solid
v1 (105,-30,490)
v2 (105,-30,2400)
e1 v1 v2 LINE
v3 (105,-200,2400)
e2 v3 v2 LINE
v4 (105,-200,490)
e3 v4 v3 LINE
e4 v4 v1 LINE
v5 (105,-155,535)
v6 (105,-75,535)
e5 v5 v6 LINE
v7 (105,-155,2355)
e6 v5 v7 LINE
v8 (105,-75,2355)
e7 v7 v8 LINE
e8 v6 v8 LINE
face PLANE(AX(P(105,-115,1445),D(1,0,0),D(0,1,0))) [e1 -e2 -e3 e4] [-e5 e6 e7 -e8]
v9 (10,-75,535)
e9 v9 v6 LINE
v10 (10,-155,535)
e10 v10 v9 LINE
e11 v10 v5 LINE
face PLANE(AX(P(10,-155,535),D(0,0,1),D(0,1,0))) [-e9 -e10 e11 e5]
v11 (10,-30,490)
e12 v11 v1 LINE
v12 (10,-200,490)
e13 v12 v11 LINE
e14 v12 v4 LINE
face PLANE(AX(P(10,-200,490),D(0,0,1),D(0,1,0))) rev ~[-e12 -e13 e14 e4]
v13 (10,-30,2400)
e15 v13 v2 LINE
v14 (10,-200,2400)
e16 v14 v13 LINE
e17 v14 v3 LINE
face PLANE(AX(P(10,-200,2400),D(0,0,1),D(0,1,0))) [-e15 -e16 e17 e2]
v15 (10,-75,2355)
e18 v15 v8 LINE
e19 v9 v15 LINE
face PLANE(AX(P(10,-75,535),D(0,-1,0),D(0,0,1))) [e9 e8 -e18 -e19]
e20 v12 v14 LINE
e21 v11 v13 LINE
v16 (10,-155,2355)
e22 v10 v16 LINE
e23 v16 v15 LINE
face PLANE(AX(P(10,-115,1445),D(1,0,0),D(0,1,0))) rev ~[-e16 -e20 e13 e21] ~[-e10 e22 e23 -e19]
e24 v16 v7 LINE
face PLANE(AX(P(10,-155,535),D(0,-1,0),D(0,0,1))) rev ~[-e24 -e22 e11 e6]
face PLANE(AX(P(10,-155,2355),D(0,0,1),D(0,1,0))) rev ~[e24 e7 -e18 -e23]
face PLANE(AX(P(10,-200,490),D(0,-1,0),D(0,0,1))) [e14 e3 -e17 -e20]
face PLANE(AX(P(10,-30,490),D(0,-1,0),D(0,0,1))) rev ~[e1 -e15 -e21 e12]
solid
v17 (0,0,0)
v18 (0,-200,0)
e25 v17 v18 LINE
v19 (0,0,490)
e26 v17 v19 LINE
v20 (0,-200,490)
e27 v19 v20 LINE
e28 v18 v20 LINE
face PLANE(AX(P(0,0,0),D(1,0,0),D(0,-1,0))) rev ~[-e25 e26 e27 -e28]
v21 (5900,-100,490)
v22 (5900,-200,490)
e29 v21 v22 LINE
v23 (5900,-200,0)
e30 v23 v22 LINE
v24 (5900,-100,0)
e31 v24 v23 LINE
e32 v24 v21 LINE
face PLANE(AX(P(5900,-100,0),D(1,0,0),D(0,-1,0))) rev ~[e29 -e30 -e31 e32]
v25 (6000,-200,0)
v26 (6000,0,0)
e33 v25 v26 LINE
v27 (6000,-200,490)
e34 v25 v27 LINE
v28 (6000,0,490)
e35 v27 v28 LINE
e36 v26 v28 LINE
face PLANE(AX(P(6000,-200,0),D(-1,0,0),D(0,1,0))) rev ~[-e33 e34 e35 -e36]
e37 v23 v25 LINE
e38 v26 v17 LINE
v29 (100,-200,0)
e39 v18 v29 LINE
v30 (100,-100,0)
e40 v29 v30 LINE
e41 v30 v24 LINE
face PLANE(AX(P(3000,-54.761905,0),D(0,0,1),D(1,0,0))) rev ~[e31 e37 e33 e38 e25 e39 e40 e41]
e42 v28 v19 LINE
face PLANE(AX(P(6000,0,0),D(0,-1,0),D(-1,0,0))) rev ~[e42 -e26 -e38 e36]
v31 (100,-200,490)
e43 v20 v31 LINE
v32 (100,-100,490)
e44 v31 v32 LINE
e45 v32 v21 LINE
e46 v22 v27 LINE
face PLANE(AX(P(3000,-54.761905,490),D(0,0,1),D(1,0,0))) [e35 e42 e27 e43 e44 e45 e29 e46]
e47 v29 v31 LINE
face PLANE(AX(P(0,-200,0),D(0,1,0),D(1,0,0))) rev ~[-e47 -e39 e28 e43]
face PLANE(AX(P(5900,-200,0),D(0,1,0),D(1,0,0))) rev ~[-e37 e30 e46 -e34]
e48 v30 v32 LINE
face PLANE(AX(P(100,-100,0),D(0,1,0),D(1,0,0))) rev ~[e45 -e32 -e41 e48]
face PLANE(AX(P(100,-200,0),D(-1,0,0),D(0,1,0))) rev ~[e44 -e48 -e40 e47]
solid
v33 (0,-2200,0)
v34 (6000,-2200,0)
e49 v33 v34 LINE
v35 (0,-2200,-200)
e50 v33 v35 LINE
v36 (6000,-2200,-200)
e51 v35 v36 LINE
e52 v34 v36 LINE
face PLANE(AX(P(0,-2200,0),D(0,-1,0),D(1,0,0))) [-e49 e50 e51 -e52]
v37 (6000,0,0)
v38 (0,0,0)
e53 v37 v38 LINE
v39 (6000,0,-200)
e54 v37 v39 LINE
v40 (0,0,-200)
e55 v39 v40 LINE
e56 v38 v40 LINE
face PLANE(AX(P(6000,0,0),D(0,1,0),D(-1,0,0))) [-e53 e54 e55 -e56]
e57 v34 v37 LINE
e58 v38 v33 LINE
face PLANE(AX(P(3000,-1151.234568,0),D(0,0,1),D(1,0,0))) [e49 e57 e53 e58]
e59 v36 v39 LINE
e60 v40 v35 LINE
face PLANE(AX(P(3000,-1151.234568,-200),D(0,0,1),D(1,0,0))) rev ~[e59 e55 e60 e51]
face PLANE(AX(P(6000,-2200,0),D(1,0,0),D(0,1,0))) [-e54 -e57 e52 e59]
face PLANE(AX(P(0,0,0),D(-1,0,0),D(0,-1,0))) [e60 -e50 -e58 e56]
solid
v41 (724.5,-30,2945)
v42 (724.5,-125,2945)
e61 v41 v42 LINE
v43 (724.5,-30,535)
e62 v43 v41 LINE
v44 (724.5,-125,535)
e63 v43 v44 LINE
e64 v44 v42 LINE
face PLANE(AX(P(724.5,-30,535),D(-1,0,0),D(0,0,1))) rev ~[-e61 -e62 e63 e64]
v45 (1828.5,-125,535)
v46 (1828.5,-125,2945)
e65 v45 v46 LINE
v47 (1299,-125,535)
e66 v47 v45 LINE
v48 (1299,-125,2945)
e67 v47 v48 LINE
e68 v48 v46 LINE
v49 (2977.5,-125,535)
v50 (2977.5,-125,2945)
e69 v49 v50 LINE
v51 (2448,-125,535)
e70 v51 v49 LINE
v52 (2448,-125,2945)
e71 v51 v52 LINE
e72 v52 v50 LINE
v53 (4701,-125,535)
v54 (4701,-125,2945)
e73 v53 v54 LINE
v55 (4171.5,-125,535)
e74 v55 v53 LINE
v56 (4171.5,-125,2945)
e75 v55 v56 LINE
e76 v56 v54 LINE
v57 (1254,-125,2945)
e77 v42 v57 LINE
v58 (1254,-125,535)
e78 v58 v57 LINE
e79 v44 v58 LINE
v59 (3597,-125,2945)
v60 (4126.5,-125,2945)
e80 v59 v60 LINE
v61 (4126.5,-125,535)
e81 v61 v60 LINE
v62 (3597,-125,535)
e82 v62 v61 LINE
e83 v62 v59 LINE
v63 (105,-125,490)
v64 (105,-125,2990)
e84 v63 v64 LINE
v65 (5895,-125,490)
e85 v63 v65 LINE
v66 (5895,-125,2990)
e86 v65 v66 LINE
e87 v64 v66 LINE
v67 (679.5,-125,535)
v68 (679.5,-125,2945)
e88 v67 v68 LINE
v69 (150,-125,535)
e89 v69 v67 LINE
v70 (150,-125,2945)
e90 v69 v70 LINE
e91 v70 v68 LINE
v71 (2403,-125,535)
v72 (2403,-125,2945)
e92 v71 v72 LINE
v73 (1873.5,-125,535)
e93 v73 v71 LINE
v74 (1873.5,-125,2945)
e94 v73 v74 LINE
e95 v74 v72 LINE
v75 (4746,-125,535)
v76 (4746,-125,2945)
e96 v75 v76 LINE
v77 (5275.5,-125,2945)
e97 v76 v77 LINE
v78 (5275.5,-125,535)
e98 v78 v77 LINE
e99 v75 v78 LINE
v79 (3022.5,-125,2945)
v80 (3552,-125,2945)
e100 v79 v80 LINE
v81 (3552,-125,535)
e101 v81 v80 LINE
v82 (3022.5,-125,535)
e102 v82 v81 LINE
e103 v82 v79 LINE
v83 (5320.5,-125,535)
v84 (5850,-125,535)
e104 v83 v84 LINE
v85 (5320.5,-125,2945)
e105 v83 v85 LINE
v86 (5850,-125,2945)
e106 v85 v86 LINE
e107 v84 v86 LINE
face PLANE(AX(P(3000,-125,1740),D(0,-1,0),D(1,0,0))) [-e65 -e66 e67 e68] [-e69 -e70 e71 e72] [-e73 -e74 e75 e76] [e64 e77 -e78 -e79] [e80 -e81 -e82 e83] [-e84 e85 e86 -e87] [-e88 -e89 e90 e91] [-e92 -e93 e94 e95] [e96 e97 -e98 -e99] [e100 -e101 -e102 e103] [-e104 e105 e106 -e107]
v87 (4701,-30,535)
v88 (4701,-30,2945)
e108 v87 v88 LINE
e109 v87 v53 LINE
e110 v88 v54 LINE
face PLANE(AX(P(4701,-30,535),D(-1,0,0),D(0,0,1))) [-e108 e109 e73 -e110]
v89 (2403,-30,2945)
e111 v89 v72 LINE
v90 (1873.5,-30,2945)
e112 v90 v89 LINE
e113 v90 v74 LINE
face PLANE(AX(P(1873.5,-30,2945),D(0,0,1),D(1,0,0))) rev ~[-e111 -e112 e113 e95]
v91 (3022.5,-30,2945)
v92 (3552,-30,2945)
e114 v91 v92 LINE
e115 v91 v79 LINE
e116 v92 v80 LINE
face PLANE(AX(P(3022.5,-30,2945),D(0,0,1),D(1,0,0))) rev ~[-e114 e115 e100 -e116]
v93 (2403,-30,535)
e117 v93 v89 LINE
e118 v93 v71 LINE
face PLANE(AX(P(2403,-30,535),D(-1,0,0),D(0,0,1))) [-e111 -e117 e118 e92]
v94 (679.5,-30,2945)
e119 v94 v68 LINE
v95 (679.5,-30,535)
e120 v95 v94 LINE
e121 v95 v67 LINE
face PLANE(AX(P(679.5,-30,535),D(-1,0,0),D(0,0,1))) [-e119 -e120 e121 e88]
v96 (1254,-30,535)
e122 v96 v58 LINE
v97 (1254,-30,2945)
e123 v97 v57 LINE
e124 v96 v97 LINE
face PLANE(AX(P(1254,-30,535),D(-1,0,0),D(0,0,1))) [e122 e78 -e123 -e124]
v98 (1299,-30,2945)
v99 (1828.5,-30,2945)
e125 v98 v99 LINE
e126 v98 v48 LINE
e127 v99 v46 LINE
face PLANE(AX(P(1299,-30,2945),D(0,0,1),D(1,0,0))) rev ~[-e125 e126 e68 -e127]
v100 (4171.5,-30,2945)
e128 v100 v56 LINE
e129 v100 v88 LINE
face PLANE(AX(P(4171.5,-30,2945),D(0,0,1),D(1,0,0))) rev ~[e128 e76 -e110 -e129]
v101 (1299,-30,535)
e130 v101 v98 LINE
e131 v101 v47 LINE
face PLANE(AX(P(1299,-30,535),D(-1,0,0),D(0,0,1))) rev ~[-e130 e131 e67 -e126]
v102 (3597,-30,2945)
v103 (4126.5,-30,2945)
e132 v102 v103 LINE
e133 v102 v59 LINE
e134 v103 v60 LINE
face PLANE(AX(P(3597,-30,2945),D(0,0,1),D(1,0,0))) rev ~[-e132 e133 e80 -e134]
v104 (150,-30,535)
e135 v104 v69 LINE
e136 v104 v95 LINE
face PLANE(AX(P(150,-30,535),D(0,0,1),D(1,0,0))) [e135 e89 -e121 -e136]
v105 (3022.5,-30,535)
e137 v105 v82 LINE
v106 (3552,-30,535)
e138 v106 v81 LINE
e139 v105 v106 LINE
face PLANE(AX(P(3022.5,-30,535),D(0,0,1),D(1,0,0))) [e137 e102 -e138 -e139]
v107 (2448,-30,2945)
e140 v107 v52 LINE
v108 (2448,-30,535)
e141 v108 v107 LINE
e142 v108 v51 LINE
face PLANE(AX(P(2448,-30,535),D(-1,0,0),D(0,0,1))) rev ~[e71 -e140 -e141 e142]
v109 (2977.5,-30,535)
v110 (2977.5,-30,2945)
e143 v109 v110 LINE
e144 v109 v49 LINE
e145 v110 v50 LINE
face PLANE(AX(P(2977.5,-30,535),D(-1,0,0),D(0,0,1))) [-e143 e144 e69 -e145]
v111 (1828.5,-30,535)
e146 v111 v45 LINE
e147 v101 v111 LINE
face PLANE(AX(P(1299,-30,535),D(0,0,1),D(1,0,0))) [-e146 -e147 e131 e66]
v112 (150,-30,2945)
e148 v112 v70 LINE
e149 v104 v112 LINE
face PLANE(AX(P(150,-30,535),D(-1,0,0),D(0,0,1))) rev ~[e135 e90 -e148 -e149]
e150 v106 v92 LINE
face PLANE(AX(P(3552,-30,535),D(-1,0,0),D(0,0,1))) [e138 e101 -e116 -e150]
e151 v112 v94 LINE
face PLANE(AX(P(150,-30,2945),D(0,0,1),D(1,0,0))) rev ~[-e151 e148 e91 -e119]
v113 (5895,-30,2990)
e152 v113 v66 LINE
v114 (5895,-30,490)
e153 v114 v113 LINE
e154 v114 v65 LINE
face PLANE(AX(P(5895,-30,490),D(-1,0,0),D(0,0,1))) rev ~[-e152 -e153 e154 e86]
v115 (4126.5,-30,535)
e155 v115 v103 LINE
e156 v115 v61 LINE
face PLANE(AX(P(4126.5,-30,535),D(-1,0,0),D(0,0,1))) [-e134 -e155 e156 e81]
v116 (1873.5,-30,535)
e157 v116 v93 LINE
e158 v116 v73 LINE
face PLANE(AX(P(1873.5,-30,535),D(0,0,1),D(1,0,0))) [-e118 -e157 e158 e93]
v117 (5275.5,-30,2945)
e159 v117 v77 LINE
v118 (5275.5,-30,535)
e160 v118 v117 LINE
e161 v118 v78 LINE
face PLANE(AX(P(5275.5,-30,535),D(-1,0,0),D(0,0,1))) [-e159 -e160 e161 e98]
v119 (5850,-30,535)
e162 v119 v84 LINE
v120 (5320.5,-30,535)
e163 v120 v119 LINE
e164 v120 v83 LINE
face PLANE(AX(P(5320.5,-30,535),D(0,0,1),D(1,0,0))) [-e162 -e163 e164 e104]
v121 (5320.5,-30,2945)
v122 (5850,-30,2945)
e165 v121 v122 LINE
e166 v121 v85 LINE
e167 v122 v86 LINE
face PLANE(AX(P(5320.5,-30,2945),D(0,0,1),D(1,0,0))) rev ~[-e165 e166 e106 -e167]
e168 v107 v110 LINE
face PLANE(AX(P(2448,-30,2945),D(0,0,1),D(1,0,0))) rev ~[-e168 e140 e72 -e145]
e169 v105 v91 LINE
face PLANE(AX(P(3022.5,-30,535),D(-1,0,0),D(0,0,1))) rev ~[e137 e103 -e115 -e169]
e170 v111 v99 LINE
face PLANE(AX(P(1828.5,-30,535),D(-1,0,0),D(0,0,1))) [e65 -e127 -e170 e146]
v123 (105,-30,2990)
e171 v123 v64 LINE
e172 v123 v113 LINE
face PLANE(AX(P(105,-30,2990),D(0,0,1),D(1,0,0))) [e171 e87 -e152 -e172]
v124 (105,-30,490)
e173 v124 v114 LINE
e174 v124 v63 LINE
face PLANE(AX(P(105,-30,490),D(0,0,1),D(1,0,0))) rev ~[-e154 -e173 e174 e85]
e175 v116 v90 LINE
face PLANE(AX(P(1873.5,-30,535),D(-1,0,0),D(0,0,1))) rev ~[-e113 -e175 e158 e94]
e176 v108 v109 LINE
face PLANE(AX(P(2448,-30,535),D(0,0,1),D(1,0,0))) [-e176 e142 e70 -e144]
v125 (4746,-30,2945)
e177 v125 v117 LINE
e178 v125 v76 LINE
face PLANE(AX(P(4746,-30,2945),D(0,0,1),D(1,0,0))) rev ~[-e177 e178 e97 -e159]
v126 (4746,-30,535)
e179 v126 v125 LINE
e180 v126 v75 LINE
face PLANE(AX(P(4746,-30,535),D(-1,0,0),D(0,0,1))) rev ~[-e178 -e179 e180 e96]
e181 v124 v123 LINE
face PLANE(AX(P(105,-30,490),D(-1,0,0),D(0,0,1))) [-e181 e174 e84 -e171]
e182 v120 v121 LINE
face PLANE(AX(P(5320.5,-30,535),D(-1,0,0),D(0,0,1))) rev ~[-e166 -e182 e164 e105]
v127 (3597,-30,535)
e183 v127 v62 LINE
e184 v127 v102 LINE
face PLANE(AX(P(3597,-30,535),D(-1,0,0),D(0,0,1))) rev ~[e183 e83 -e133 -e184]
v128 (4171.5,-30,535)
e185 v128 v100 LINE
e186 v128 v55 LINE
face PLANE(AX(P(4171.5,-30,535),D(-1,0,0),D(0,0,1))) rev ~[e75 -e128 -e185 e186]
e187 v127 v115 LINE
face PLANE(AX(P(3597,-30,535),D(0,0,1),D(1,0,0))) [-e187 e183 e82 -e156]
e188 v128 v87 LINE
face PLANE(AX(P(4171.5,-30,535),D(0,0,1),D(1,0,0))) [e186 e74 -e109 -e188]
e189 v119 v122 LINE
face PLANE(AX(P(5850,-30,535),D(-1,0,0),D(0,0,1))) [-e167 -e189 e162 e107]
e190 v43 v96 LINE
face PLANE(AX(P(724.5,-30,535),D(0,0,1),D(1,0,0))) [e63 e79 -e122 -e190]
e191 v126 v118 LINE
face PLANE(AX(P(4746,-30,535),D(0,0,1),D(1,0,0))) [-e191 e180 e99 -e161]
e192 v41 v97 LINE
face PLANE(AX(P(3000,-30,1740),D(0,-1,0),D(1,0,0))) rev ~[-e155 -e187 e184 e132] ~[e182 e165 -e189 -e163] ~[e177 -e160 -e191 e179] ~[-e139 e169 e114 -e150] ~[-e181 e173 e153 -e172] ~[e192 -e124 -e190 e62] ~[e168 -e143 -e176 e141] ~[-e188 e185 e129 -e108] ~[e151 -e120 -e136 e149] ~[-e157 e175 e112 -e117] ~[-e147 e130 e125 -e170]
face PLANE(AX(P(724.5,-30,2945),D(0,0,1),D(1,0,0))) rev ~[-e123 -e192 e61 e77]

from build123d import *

# Parameters (mm, degrees)
F4_DEPTH = 200
F5_DEPTH = 490
F6_START = 10
F2_W     = 170
F2_H     = 1910
F2_W_2   = 80
F2_H_2   = 1820
F6_DEPTH = 95
F7_START = 30
F3_W     = 5790
F3_H     = 2500
F3_W_2   = 529.5
F3_H_2   = 2410
F7_DEPTH = 95


with BuildPart() as f4:
    # F0 (on Top) → F4 (new body, through all)
    with BuildSketch(Plane.XY):
        Polygon((100, -200), (0, -200), (0, -2200), (6000, -2200), (6000, -200), (5900, -200), (5900, -100), (100, -100), align=None)
        Polygon((6000, 0), (0, 0), (0, -200), (100, -200), (100, -100), (5900, -100), (5900, -200), (6000, -200), align=None)
    extrude(amount=-F4_DEPTH)


with BuildPart() as f5:
    # F0 (on Top) → F5 (new body, through all)
    with BuildSketch(Plane.XY):
        Polygon((6000, 0), (0, 0), (0, -200), (100, -200), (100, -100), (5900, -100), (5900, -200), (6000, -200), align=None)
    extrude(amount=F5_DEPTH)


with BuildPart() as f6:
    # F2 (on Right) → F6 (new body)
    with BuildSketch(Plane.YZ.offset(F6_START)):
        with Locations((-115, 1445)):
            Rectangle(F2_W, F2_H)
        with Locations((-115, 1445)):
            Rectangle(F2_W_2, F2_H_2, mode=Mode.SUBTRACT)
    extrude(amount=F6_DEPTH)


with BuildPart() as f7:
    # F3 (on Front) → F7 (new body)
    with BuildSketch(Plane.XZ.offset(F7_START)):
        with Locations((3000, 1740)):
            Rectangle(F3_W, F3_H)
        with Locations((414.75, 1740)):
            Rectangle(F3_W_2, F3_H_2, mode=Mode.SUBTRACT)
        with Locations((989.25, 1740)):
            Rectangle(F3_W_2, F3_H_2, mode=Mode.SUBTRACT)
        with Locations((1563.75, 1740)):
            Rectangle(F3_W_2, F3_H_2, mode=Mode.SUBTRACT)
        with Locations((2138.25, 1740)):
            Rectangle(F3_W_2, F3_H_2, mode=Mode.SUBTRACT)
        with Locations((2712.75, 1740)):
            Rectangle(F3_W_2, F3_H_2, mode=Mode.SUBTRACT)
        with Locations((3287.25, 1740)):
            Rectangle(F3_W_2, F3_H_2, mode=Mode.SUBTRACT)
        with Locations((3861.75, 1740)):
            Rectangle(F3_W_2, F3_H_2, mode=Mode.SUBTRACT)
        with Locations((4436.25, 1740)):
            Rectangle(F3_W_2, F3_H_2, mode=Mode.SUBTRACT)
        with Locations((5010.75, 1740)):
            Rectangle(F3_W_2, F3_H_2, mode=Mode.SUBTRACT)
        with Locations((5585.25, 1740)):
            Rectangle(F3_W_2, F3_H_2, mode=Mode.SUBTRACT)
    extrude(amount=F7_DEPTH)


solid = Compound([f4.part, f5.part, f6.part, f7.part])
